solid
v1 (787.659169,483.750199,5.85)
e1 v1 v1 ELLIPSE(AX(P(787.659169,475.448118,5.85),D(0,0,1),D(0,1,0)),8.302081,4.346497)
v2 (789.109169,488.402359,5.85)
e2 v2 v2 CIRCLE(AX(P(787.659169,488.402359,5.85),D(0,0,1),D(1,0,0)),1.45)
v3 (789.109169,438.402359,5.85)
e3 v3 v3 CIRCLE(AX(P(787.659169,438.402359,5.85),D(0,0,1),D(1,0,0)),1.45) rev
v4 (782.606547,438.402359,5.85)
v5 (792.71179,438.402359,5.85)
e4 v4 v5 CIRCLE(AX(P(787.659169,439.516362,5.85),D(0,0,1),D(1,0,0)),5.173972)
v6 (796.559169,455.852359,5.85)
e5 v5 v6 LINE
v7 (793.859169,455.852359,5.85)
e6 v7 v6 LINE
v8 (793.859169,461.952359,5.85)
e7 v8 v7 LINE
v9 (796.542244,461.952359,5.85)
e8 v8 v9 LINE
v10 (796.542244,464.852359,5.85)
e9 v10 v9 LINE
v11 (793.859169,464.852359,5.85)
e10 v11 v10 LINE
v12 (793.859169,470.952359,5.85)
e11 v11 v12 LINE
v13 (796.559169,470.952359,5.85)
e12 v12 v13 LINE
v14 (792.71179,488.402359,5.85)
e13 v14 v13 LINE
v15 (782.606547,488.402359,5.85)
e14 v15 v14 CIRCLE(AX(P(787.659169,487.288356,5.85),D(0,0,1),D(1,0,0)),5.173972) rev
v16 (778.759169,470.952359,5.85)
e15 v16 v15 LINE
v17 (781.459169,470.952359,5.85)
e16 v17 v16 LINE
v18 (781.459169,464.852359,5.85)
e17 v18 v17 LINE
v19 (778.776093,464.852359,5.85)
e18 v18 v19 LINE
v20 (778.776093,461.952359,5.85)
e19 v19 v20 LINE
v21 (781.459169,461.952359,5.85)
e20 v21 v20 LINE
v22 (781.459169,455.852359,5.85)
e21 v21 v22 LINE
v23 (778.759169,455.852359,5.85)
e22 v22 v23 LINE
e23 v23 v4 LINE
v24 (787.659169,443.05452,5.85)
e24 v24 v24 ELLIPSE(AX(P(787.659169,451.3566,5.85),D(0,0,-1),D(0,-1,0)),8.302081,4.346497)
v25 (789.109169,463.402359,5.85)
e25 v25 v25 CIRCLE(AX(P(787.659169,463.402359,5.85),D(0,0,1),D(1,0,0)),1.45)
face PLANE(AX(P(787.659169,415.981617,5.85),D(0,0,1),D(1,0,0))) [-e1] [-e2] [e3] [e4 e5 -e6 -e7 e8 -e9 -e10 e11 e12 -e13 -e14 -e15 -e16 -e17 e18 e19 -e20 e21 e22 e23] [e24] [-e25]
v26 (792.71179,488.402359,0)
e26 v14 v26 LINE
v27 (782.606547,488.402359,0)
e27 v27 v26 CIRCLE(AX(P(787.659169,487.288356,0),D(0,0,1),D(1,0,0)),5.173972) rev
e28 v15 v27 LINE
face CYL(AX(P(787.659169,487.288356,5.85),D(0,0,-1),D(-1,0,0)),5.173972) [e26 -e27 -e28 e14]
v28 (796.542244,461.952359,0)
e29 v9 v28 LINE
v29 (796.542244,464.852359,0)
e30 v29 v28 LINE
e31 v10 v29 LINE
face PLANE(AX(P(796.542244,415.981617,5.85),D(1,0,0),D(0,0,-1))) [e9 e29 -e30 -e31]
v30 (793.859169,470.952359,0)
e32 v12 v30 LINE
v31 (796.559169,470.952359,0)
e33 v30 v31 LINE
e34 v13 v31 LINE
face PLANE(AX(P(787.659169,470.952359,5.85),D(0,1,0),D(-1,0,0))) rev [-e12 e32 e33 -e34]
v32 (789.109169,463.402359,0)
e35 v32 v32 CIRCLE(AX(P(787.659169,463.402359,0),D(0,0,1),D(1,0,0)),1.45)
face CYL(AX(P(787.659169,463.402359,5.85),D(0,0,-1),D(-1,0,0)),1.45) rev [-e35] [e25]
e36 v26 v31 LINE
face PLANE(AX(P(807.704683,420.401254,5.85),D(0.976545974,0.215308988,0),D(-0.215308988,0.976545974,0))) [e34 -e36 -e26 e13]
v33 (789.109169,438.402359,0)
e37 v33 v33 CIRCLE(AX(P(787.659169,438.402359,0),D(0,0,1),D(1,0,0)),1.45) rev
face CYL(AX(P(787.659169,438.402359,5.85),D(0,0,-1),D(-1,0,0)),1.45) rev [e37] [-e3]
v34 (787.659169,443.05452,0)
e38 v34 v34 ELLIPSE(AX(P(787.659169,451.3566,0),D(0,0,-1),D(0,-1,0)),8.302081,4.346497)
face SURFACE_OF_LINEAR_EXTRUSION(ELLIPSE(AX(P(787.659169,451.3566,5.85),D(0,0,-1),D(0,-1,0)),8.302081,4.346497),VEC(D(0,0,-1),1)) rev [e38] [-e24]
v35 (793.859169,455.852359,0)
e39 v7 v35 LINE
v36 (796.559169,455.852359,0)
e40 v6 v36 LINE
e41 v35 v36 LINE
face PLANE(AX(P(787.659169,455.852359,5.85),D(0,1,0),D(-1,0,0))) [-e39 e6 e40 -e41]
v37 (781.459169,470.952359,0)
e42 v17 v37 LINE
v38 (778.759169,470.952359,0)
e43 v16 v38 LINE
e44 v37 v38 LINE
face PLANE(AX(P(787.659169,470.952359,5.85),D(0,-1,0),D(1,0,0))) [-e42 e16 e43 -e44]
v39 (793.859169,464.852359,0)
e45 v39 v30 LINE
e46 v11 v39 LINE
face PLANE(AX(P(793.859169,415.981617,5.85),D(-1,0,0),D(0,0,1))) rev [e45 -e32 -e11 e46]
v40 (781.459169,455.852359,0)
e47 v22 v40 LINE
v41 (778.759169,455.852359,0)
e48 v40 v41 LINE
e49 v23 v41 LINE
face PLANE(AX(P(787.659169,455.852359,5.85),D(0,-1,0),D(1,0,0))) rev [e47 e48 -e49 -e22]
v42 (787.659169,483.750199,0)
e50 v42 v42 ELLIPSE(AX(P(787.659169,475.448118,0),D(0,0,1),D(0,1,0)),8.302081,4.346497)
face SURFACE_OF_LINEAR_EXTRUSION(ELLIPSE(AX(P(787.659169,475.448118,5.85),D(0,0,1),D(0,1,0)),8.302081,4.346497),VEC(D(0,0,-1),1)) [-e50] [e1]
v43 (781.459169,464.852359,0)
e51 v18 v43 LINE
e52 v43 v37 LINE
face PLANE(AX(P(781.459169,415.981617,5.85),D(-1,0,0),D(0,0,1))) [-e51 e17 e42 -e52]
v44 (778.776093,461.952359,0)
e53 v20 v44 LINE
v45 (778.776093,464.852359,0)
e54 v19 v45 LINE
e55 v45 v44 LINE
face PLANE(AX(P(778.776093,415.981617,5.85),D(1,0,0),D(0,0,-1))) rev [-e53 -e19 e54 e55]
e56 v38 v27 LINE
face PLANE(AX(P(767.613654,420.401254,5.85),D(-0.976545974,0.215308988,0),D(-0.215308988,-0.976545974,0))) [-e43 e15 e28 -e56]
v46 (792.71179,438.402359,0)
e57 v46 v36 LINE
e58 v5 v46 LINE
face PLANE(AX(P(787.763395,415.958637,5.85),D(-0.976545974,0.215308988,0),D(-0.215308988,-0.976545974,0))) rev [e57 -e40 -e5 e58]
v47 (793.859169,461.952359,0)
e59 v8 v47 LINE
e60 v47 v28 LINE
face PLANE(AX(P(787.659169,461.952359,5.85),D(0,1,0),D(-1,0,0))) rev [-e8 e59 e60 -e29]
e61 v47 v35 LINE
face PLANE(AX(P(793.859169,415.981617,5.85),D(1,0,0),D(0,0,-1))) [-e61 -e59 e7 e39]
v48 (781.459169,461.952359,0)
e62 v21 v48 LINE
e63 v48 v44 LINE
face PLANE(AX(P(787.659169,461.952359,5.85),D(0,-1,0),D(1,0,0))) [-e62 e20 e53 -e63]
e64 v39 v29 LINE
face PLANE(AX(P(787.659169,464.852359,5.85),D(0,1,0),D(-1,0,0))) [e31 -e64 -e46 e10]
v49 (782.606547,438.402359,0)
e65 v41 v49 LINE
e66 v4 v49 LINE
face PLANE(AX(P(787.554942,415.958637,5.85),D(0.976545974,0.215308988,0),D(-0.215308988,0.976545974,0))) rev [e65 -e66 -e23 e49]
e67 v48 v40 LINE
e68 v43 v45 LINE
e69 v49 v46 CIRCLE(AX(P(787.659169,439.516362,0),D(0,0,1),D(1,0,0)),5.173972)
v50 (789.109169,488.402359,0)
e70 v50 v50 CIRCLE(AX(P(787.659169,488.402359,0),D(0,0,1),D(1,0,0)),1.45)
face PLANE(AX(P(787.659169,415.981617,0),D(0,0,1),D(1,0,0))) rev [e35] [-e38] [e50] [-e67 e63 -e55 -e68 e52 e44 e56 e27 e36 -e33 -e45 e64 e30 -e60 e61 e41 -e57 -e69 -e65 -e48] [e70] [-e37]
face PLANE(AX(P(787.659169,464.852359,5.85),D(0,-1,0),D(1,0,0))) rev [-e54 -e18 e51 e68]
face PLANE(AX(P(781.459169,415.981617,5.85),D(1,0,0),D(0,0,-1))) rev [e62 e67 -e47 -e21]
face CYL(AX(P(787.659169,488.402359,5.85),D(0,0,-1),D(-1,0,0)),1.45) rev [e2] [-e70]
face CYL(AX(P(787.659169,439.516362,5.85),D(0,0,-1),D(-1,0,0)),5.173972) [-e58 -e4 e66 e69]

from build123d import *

# Parameters (mm, degrees)
SKETCH1_R           = 1.45
SKETCH1_RX          = 8.302080555
SKETCH1_RY          = 4.346497416
BOSS_EXTRUDE1_DEPTH = 5.85


with BuildPart() as part:
    # Sketch1 → Boss-Extrude1 (new body)
    with BuildSketch(Plane.XY):
        with BuildLine():
            Line((781.459168709, 464.852359197), (778.776092953, 464.852359197))
            Line((778.776092953, 464.852359197), (778.776092953, 461.952359197))
            Line((778.776092953, 461.952359197), (781.459168709, 461.952359197))
            Line((781.459168709, 461.952359197), (781.459168709, 455.852359197))
            Line((781.459168709, 455.852359197), (778.759168709, 455.852359197))
            Line((778.759168709, 455.852359197), (782.606547069, 438.402359197))
            ThreePointArc((782.606547069, 438.402359197), (787.659168709, 434.342389784), (792.711790348, 438.402359197))
            Line((792.711790348, 438.402359197), (796.559168709, 455.852359197))
            Line((796.559168709, 455.852359197), (793.859168709, 455.852359197))
            Line((793.859168709, 455.852359197), (793.859168709, 461.952359197))
            Line((793.859168709, 461.952359197), (796.542244464, 461.952359197))
            Line((796.542244464, 461.952359197), (796.542244464, 464.852359197))
            Line((796.542244464, 464.852359197), (793.859168709, 464.852359197))
            Line((793.859168709, 464.852359197), (793.859168709, 470.952359197))
            Line((793.859168709, 470.952359197), (796.559168709, 470.952359197))
            Line((796.559168709, 470.952359197), (792.711790348, 488.402359197))
            ThreePointArc((792.711790348, 488.402359197), (787.659168709, 492.46232861), (782.606547069, 488.402359197))
            Line((782.606547069, 488.402359197), (778.759168709, 470.952359197))
            Line((778.759168709, 470.952359197), (781.459168709, 470.952359197))
            Line((781.459168709, 470.952359197), (781.459168709, 464.852359197))
        make_face()
        with Locations((787.659168709, 488.402359197)):
            Circle(SKETCH1_R, mode=Mode.SUBTRACT)
        with Locations((787.659168709, 438.402359197)):
            Circle(SKETCH1_R, mode=Mode.SUBTRACT)
        with Locations((787.659168709, 463.402359197)):
            Circle(SKETCH1_R, mode=Mode.SUBTRACT)
        with Locations(Location((787.659168709, 475.448118238), (0, 0, 90))):
            Ellipse(SKETCH1_RX, SKETCH1_RY, mode=Mode.SUBTRACT)
        with Locations(Location((787.659168709, 451.356600156), (0, 0, -90))):
            Ellipse(SKETCH1_RX, SKETCH1_RY, mode=Mode.SUBTRACT)
    extrude(amount=BOSS_EXTRUDE1_DEPTH)


solid = part.part
